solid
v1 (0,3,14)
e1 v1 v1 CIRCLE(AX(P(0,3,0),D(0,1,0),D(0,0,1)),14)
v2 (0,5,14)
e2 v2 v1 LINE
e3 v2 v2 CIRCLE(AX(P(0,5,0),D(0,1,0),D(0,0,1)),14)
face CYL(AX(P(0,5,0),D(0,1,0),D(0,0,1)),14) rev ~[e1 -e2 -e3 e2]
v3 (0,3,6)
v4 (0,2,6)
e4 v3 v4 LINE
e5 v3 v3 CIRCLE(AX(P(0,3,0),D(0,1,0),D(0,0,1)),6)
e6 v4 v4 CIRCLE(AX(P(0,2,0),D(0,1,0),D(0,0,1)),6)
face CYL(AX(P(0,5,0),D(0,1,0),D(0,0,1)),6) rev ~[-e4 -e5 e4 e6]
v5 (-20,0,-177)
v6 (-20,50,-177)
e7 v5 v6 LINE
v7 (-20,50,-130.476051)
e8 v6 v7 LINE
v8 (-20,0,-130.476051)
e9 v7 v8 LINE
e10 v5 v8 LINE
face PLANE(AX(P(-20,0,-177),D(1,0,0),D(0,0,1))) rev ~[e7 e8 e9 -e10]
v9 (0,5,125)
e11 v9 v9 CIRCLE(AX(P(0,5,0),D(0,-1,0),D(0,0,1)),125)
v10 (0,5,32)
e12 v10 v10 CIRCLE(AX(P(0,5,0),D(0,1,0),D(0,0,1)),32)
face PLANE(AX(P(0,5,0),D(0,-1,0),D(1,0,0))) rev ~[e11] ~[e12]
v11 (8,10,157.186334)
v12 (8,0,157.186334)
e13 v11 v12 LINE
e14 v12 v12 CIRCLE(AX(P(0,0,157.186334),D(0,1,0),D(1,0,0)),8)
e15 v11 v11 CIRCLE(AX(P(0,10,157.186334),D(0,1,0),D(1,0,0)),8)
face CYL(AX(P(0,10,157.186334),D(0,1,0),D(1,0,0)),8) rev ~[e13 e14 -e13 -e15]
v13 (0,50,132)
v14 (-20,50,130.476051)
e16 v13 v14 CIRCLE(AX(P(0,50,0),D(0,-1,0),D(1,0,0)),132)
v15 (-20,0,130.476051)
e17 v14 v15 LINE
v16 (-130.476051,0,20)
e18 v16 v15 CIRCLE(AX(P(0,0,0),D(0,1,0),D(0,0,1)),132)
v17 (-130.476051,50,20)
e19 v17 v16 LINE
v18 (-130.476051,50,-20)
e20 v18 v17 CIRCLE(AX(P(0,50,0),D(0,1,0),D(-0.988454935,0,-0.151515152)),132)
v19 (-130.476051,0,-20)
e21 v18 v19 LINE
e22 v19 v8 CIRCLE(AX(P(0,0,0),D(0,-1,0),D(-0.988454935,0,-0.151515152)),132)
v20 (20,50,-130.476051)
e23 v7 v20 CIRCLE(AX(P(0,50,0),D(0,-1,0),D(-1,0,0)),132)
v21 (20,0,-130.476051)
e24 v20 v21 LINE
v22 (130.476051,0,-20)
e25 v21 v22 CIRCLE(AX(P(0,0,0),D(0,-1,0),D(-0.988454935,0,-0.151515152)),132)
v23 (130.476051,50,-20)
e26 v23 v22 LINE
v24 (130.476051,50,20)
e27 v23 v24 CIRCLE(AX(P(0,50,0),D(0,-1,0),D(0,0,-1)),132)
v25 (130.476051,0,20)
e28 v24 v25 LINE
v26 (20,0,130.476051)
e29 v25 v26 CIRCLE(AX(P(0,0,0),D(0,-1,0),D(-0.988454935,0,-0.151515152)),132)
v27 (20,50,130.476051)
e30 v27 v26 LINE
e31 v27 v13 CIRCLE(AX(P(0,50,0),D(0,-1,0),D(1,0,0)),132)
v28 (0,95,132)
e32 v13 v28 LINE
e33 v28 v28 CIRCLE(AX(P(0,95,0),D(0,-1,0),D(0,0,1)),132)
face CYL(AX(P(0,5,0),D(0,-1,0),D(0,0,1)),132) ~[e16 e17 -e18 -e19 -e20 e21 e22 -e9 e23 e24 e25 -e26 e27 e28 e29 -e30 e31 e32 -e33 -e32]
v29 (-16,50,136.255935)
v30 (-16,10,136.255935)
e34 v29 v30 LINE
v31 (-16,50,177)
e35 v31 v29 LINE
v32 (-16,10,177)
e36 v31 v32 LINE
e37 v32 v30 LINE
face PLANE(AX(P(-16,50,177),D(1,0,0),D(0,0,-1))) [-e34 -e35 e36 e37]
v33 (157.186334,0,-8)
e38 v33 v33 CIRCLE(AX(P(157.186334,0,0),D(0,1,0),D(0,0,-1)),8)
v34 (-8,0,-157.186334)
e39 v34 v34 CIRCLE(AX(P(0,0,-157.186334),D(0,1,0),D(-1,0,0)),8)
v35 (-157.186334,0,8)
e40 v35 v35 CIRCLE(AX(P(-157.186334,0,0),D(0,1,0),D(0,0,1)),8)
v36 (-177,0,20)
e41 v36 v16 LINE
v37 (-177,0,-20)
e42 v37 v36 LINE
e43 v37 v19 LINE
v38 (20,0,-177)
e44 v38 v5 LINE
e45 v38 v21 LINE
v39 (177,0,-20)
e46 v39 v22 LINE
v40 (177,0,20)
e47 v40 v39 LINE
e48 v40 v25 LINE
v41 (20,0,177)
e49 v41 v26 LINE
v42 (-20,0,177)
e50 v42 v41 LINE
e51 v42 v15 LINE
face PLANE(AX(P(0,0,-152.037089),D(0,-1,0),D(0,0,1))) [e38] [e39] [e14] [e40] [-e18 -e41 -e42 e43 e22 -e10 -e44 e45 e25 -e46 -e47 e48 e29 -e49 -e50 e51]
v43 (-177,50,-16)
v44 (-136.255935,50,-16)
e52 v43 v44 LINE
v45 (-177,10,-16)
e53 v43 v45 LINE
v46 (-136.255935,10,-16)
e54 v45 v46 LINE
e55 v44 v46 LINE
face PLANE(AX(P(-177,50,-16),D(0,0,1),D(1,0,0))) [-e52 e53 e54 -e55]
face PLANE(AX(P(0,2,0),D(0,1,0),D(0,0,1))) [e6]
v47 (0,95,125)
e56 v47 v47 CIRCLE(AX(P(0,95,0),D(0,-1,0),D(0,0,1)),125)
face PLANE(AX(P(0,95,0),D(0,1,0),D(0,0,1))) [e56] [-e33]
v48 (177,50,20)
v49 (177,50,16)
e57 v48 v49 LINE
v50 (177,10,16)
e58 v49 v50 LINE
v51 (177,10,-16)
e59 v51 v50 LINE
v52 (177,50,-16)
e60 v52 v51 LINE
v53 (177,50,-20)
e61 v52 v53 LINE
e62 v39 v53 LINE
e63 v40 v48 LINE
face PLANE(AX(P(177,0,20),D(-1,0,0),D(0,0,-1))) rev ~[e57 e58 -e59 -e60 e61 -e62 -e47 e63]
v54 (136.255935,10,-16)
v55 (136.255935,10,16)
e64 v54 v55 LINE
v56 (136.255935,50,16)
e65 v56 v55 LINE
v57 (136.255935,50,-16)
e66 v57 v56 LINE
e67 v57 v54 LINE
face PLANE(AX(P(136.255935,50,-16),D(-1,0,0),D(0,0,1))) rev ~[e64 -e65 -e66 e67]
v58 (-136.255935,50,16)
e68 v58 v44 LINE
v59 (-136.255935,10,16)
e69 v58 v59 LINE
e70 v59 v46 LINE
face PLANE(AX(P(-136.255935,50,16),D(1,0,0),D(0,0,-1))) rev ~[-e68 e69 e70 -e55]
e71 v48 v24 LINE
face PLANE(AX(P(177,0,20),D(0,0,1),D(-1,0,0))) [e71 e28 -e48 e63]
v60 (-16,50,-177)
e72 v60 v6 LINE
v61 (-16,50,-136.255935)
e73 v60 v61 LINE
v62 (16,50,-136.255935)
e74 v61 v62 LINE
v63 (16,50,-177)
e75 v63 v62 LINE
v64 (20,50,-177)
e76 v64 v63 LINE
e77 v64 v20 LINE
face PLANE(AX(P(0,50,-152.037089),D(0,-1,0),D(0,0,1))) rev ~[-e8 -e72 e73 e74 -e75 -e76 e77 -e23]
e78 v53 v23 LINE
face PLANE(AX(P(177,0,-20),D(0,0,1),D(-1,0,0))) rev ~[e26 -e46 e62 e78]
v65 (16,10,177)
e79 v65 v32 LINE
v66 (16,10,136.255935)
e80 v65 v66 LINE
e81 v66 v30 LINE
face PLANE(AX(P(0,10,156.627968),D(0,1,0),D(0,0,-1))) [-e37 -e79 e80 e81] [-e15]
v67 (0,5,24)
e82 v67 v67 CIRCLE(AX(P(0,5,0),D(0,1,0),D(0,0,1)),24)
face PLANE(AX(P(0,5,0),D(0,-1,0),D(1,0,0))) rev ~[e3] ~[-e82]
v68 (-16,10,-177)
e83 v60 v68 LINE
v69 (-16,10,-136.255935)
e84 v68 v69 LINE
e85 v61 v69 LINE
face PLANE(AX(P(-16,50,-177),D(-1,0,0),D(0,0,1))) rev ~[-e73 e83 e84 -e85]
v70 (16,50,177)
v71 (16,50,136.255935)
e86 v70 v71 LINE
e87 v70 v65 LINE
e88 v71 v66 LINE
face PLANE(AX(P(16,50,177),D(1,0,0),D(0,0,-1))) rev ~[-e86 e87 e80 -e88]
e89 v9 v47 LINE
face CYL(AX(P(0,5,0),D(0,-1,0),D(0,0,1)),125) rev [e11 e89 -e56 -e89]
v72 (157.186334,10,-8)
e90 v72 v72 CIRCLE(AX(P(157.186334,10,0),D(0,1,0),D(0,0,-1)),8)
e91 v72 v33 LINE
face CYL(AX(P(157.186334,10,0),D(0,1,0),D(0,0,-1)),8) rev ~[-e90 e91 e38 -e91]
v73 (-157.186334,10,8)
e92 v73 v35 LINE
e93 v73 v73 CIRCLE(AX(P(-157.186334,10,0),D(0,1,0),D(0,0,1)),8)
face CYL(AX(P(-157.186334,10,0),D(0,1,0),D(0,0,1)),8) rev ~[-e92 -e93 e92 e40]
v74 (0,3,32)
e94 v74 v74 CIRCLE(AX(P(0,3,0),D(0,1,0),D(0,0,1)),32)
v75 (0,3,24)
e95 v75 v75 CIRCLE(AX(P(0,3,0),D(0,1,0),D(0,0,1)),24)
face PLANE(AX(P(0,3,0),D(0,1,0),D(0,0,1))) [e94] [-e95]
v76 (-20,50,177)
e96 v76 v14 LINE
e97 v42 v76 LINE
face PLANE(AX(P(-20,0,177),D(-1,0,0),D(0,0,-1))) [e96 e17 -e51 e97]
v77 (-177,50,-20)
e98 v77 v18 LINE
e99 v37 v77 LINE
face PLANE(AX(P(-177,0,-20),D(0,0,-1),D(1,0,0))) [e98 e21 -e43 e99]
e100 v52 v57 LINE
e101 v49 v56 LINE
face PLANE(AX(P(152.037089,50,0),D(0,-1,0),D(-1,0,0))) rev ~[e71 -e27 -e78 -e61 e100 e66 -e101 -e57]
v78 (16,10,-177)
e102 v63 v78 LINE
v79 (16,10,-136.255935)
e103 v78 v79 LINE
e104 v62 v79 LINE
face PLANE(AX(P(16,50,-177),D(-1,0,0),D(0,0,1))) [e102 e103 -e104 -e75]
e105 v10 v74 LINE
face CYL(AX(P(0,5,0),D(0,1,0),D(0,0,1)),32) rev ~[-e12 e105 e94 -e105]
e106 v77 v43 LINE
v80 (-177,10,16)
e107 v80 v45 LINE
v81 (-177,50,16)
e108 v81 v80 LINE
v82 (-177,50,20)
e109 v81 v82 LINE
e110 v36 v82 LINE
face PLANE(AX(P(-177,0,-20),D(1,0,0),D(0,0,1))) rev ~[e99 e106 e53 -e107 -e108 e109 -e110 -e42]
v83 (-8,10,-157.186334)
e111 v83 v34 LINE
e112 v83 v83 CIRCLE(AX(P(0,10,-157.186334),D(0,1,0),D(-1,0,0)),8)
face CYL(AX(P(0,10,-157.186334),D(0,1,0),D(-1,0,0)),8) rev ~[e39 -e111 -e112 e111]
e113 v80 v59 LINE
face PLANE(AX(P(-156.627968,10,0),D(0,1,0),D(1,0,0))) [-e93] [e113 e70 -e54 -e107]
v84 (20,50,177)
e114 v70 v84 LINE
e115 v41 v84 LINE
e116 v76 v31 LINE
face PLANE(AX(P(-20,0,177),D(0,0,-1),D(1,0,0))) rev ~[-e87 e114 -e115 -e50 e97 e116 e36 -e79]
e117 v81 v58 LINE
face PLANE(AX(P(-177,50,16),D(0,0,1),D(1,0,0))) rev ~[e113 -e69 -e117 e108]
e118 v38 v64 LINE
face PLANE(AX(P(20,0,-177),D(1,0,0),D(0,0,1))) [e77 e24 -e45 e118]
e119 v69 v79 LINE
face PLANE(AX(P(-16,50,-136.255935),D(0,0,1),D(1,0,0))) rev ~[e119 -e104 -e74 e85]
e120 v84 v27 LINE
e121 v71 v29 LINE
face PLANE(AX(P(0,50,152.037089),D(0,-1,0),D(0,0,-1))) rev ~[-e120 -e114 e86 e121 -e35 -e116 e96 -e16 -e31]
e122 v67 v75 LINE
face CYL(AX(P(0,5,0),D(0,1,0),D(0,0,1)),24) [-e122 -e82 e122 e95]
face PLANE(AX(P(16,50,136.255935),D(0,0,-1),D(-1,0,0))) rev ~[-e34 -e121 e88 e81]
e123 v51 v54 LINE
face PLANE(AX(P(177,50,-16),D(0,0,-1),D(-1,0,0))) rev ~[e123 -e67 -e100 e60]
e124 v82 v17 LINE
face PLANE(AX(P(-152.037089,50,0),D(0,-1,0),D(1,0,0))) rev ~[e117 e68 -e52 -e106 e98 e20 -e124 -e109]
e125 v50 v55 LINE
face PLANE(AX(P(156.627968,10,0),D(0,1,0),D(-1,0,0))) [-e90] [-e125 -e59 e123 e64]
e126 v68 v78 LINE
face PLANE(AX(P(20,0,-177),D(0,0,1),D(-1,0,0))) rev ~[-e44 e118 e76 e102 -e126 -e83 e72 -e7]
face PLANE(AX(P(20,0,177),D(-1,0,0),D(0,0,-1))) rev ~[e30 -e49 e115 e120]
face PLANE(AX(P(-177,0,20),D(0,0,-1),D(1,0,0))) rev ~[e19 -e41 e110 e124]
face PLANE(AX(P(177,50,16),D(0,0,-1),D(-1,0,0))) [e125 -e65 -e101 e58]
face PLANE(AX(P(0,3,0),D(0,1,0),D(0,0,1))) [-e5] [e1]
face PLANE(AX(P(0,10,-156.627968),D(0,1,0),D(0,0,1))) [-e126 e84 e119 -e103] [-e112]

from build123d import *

# Parameters (mm, degrees)
SKETCH1_R           = 132
BOSS_EXTRUDE1_DEPTH = 5
SKETCH2_R           = 132
SKETCH2_R_2         = 125
BOSS_EXTRUDE2_DEPTH = 90
SKETCH3_W           = 49.925821921
SKETCH3_H           = 40
BOSS_EXTRUDE4_DEPTH = 50
SKETCH4_W           = 40.744064535
SKETCH4_H           = 32
CUT_EXTRUDE1_DEPTH  = 40
SKETCH5_R           = 8
CUT_EXTRUDE2_DEPTH  = 40
CIRPATTERN2_COUNT   = 4
SKETCH7_R           = 32
SKETCH7_R_2         = 28
CUT_EXTRUDE3_DEPTH  = 2
SKETCH8_R           = 6
CUT_EXTRUDE4_DEPTH  = 3
BOSS_EXTRUDE5_START = -5
SKETCH9_R           = 32
BOSS_EXTRUDE5_DEPTH = 5
SKETCH10_R          = 32
SKETCH10_R_2        = 24
CUT_EXTRUDE5_DEPTH  = 2
SKETCH11_R          = 14
SKETCH11_R_2        = 6
CUT_EXTRUDE6_DEPTH  = 2
SKETCH12_R          = 6
CUT_EXTRUDE7_DEPTH  = 3


with BuildPart() as part:
    # Sketch1 → Boss-Extrude1 (new body)
    with BuildSketch(Plane(origin=(0, 0, 0), x_dir=(1, 0, 0), z_dir=(0, 1, 0))):
        with Locations(Location((0, 0, 0), (0, 0, 270))):
            Circle(SKETCH1_R)
    extrude(amount=BOSS_EXTRUDE1_DEPTH)

    # Sketch2 → Boss-Extrude2 (add)
    with BuildSketch(Plane(origin=(0, 5, 0), x_dir=(1, 0, 0), z_dir=(0, 1, 0))):
        with Locations(Location((0, 0, 0), (0, 0, 270))):
            Circle(SKETCH2_R)
        with Locations(Location((0, 0, 0), (0, 0, 270))):
            Circle(SKETCH2_R_2, mode=Mode.SUBTRACT)
    extrude(amount=BOSS_EXTRUDE2_DEPTH)

    # Sketch3 → Boss-Extrude4 (add)
    with BuildSketch(Plane.XZ):
        with Locations((-152.03708904, 0)):
            Rectangle(SKETCH3_W, SKETCH3_H)
    extrude(amount=-BOSS_EXTRUDE4_DEPTH)

    # Sketch4 → Cut-Extrude1 (cut)
    with BuildSketch(Plane(origin=(0, 50, 0), x_dir=(1, 0, 0), z_dir=(0, 1, 0))):
        with Locations((-156.627967732, 0)):
            Rectangle(SKETCH4_W, SKETCH4_H)
    extrude(amount=-CUT_EXTRUDE1_DEPTH, mode=Mode.SUBTRACT)

    # Sketch5 → Cut-Extrude2 (cut)
    with BuildSketch(Plane(origin=(0, 10, 0), x_dir=(1, 0, 0), z_dir=(0, 1, 0))):
        with Locations(Location((-157.186334462, 0, 0), (0, 0, 270))):
            Circle(SKETCH5_R)
    extrude(amount=-CUT_EXTRUDE2_DEPTH, mode=Mode.SUBTRACT)


with BuildPart() as cirpattern2_1:
    # CirPattern2: pattern copy
    add(part.part.rotate(Axis((0, 0, 0), (0, 1, 0)), 1 * 360 / CIRPATTERN2_COUNT))


with BuildPart() as cirpattern2_2:
    # CirPattern2: pattern copy
    add(part.part.rotate(Axis((0, 0, 0), (0, 1, 0)), 2 * 360 / CIRPATTERN2_COUNT))


with BuildPart() as cirpattern2_3:
    # CirPattern2: pattern copy
    add(part.part.rotate(Axis((0, 0, 0), (0, 1, 0)), 3 * 360 / CIRPATTERN2_COUNT))


with BuildPart() as cut_extrude3_tool:
    # Sketch7 → Cut-Extrude3 (new body)
    with BuildSketch(Plane(origin=(0, 5, 0), x_dir=(1, 0, 0), z_dir=(0, 1, 0))):
        with Locations(Location((0, 0, 0), (0, 0, 270))):
            Circle(SKETCH7_R)
        with Locations(Location((0, 0, 0), (0, 0, 270))):
            Circle(SKETCH7_R_2, mode=Mode.SUBTRACT)
    extrude(amount=-CUT_EXTRUDE3_DEPTH)


with BuildPart() as part_1:
    add(part.part)

    # Cut-Extrude3: cut by cut_extrude3_tool
    add(cut_extrude3_tool.part, mode=Mode.SUBTRACT)


with BuildPart() as cirpattern2_1_1:
    add(cirpattern2_1.part)

    # Cut-Extrude3: cut by cut_extrude3_tool
    add(cut_extrude3_tool.part, mode=Mode.SUBTRACT)


with BuildPart() as cirpattern2_2_1:
    add(cirpattern2_2.part)

    # Cut-Extrude3: cut by cut_extrude3_tool
    add(cut_extrude3_tool.part, mode=Mode.SUBTRACT)


with BuildPart() as cirpattern2_3_1:
    add(cirpattern2_3.part)

    # Cut-Extrude3: cut by cut_extrude3_tool
    add(cut_extrude3_tool.part, mode=Mode.SUBTRACT)


with BuildPart() as cut_extrude4_tool:
    # Sketch8 → Cut-Extrude4 (new body)
    with BuildSketch(Plane(origin=(0, 5, 0), x_dir=(1, 0, 0), z_dir=(0, 1, 0))):
        with Locations(Location((0, 0, 0), (0, 0, 270))):
            Circle(SKETCH8_R)
    extrude(amount=-CUT_EXTRUDE4_DEPTH)


with BuildPart() as part_2:
    add(part_1.part)

    # Cut-Extrude4: cut by cut_extrude4_tool
    add(cut_extrude4_tool.part, mode=Mode.SUBTRACT)



with BuildPart() as cirpattern2_1_2:
    add(cirpattern2_1_1.part)

    # Cut-Extrude4: cut by cut_extrude4_tool
    add(cut_extrude4_tool.part, mode=Mode.SUBTRACT)


with BuildPart() as cirpattern2_2_2:
    add(cirpattern2_2_1.part)

    # Cut-Extrude4: cut by cut_extrude4_tool
    add(cut_extrude4_tool.part, mode=Mode.SUBTRACT)


with BuildPart() as cirpattern2_3_2:
    add(cirpattern2_3_1.part)

    # Cut-Extrude4: cut by cut_extrude4_tool
    add(cut_extrude4_tool.part, mode=Mode.SUBTRACT)


with BuildPart() as part_3:
    add(part_2.part)

    add(cirpattern2_1_2.part)  # Boss-Extrude5 merges CirPattern2_1

    add(cirpattern2_2_2.part)  # Boss-Extrude5 merges CirPattern2_2

    add(cirpattern2_3_2.part)  # Boss-Extrude5 merges CirPattern2_3
    # Sketch9 → Boss-Extrude5 (add)
    with BuildSketch(Plane.XZ.offset(BOSS_EXTRUDE5_START)):
        Circle(SKETCH9_R)
    extrude(amount=BOSS_EXTRUDE5_DEPTH)

    # Sketch10 → Cut-Extrude5 (cut)
    with BuildSketch(Plane(origin=(0, 5, 0), x_dir=(1, 0, 0), z_dir=(0, 1, 0))):
        with Locations(Location((0, 0, 0), (0, 0, 270))):
            Circle(SKETCH10_R)
        with Locations(Location((0, 0, 0), (0, 0, 270))):
            Circle(SKETCH10_R_2, mode=Mode.SUBTRACT)
    extrude(amount=-CUT_EXTRUDE5_DEPTH, mode=Mode.SUBTRACT)

    # Sketch11 → Cut-Extrude6 (cut)
    with BuildSketch(Plane(origin=(0, 5, 0), x_dir=(1, 0, 0), z_dir=(0, 1, 0))):
        with Locations(Location((0, 0, 0), (0, 0, 270))):
            Circle(SKETCH11_R)
        with Locations(Location((0, 0, 0), (0, 0, 270))):
            Circle(SKETCH11_R_2, mode=Mode.SUBTRACT)
    extrude(amount=-CUT_EXTRUDE6_DEPTH, mode=Mode.SUBTRACT)

    # Sketch12 → Cut-Extrude7 (cut)
    with BuildSketch(Plane(origin=(0, 5, 0), x_dir=(1, 0, 0), z_dir=(0, 1, 0))):
        with Locations(Location((0, 0, 0), (0, 0, 270))):
            Circle(SKETCH12_R)
    extrude(amount=-CUT_EXTRUDE7_DEPTH, mode=Mode.SUBTRACT)


solid = part_3.part
